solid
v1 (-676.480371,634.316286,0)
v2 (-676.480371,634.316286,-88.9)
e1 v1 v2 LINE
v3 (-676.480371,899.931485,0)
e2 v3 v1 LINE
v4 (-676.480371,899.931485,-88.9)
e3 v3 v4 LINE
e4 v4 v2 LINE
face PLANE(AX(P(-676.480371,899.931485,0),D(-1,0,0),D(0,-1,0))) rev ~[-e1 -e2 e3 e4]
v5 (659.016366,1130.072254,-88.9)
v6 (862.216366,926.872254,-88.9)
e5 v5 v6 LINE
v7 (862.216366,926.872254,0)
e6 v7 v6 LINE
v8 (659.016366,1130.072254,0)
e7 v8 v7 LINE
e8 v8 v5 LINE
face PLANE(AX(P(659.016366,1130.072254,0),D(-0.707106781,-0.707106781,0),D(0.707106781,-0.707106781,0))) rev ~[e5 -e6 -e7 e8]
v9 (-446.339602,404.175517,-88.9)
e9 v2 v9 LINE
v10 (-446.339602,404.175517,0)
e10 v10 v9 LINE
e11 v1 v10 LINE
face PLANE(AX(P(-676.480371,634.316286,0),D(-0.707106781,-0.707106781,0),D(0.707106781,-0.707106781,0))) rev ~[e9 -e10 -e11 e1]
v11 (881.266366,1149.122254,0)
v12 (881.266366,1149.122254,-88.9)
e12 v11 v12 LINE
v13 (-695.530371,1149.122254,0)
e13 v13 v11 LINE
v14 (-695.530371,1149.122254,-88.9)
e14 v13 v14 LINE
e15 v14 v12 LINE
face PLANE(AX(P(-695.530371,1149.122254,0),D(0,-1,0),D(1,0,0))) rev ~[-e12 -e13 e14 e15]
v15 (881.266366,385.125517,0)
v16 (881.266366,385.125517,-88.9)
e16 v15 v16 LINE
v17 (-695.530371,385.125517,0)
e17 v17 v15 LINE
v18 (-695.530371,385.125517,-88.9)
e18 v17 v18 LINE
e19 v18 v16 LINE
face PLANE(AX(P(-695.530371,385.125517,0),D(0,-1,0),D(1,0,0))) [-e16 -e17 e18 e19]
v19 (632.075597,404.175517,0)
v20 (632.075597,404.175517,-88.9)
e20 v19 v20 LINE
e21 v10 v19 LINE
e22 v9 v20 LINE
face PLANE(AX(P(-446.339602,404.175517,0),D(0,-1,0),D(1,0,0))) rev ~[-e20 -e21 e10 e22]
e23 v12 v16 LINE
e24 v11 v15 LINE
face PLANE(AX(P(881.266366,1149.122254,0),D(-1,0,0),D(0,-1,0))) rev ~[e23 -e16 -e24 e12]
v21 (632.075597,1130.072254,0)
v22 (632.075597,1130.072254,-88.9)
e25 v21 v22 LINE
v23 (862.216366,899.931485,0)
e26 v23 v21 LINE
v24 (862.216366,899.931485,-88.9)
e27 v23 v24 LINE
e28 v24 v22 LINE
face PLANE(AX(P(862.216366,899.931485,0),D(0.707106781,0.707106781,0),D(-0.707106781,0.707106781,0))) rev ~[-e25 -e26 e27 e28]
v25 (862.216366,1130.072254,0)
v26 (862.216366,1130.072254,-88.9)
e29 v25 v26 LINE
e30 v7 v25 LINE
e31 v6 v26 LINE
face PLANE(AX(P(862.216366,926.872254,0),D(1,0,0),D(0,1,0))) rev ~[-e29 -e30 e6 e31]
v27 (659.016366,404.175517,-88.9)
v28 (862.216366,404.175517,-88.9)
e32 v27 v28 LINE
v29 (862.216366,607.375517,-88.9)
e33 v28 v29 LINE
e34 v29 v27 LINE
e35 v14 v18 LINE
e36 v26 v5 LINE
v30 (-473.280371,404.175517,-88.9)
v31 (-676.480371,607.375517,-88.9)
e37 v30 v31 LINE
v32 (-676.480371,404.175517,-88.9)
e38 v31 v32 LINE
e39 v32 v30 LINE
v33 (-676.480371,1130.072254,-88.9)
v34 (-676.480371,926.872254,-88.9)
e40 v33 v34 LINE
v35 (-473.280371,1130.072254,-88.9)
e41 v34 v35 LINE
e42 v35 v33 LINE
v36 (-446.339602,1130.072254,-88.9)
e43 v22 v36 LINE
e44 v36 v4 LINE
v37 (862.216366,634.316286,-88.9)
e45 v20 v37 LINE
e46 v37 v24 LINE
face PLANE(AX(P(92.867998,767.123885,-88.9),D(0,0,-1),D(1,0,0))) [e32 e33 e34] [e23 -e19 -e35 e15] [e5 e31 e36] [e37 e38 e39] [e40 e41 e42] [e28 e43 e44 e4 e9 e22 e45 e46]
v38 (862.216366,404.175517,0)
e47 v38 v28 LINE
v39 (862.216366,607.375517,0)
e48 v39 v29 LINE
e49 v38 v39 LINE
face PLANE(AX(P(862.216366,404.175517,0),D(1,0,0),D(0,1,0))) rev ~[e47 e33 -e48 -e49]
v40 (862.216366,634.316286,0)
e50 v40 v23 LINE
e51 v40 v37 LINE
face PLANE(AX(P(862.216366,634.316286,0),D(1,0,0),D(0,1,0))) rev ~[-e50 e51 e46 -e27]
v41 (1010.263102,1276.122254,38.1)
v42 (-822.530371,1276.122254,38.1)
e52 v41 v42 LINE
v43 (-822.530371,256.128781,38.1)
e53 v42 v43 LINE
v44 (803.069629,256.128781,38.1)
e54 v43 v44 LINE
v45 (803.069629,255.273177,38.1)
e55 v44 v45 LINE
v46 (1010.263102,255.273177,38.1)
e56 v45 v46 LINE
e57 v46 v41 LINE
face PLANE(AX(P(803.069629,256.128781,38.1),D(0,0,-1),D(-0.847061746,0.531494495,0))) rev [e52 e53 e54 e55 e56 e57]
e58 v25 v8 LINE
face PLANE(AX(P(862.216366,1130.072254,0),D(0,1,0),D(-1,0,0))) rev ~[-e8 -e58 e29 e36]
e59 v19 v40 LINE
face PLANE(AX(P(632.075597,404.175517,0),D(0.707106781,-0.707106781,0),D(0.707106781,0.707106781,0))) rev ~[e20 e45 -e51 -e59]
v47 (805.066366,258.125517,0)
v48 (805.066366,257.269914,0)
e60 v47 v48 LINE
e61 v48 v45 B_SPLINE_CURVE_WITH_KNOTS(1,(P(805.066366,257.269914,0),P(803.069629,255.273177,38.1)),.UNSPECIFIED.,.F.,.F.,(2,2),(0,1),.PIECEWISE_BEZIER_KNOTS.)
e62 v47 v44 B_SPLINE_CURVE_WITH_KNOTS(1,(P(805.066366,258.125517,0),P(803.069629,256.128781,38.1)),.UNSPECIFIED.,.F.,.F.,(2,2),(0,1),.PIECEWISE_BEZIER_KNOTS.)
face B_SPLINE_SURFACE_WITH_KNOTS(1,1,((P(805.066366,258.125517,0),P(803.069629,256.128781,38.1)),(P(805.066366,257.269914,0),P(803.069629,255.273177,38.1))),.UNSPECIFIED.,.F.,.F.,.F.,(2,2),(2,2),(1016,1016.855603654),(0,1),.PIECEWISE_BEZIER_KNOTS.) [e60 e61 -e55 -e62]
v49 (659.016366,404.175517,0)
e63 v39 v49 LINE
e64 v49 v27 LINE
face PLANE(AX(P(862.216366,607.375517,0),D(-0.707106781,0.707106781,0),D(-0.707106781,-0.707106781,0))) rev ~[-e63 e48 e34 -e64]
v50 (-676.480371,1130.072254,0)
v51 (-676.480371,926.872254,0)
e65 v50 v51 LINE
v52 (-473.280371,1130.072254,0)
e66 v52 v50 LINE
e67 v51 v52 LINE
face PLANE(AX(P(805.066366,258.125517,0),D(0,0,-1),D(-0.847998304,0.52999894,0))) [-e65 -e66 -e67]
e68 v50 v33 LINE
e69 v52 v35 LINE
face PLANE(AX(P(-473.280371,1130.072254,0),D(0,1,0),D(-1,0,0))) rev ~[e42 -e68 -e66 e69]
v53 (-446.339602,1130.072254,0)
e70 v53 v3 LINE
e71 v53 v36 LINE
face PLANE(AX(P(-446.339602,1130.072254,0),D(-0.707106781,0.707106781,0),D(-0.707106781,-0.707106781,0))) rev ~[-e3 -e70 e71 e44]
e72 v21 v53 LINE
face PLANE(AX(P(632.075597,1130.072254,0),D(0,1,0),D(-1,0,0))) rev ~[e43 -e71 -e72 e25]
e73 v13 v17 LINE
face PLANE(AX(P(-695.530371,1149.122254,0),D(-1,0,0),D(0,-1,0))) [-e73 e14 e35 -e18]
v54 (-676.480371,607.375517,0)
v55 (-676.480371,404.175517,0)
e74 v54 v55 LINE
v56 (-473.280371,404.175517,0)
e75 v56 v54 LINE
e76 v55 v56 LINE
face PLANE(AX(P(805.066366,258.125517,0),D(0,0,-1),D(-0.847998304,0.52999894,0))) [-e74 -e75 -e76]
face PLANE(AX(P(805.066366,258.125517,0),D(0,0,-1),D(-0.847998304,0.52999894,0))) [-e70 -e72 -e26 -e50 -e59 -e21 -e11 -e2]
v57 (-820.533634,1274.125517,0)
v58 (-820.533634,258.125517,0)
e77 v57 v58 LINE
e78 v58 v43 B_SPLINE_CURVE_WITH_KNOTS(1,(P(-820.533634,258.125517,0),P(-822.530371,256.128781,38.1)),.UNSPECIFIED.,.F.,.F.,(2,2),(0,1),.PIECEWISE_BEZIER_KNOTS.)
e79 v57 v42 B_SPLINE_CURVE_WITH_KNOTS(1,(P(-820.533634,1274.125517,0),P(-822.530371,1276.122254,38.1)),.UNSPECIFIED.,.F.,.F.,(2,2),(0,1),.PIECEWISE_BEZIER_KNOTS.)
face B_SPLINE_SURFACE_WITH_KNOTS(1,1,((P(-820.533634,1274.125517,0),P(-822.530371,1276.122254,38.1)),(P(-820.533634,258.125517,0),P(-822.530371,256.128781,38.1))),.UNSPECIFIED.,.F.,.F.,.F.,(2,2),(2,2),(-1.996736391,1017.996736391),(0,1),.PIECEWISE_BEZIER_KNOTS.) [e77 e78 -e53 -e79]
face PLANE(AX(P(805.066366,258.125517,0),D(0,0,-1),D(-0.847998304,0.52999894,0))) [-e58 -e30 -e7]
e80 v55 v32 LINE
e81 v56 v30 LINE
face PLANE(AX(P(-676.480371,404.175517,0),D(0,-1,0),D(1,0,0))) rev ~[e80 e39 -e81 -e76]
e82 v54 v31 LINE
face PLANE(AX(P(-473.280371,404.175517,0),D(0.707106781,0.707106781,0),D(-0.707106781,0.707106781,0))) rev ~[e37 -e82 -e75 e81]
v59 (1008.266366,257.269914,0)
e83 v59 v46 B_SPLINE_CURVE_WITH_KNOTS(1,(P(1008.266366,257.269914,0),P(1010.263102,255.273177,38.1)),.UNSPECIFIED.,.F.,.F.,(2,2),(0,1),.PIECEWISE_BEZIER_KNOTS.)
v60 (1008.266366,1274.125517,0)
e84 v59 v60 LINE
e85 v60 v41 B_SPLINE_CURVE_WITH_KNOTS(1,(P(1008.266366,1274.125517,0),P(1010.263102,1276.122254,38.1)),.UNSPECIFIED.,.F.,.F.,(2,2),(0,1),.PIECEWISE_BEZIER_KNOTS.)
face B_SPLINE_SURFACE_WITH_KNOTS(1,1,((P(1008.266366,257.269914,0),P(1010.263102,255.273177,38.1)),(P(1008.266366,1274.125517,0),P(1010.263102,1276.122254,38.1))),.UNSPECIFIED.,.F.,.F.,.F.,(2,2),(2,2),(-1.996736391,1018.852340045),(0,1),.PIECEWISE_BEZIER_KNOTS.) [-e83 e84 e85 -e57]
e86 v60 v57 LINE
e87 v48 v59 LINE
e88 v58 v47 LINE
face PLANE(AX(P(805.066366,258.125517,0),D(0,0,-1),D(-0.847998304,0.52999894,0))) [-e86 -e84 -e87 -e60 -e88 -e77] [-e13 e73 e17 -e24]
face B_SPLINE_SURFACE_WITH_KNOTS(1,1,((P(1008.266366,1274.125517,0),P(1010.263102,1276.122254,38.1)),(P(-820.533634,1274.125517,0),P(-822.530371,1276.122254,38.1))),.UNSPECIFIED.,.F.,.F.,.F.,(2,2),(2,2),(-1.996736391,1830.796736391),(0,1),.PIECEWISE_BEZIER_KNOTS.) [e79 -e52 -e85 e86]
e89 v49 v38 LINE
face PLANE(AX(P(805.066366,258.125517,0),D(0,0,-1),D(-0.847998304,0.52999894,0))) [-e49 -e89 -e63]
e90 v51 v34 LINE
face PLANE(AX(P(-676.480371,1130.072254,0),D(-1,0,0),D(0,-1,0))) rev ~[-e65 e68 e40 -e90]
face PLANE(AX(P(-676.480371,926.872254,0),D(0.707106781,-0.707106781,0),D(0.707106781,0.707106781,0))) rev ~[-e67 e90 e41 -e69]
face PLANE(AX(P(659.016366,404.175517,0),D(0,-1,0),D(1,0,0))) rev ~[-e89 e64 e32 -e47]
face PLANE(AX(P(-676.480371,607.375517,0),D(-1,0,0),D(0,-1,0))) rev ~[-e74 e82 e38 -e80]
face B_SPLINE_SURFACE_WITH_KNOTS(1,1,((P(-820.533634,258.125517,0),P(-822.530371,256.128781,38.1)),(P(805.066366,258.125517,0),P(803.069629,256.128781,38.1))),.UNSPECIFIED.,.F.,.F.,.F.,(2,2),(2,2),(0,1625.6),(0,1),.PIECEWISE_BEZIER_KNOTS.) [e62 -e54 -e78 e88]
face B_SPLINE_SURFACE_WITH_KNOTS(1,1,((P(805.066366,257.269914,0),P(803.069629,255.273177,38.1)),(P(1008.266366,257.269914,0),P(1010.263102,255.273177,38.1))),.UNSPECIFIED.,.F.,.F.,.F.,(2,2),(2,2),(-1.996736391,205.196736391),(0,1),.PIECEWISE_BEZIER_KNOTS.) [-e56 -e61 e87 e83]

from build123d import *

# Parameters (mm, degrees)
F0_W     = 1422.4
F0_H     = 203.2
F1_DEPTH = 38.1
F1_TAPER = -3
F2_W     = 1576.7967363907
F2_H     = 763.9967363907
F3_DEPTH = 88.9


with BuildPart() as f1:
    # F0 (on Top) → F1 (new body)
    with BuildSketch(Plane.XY):
        Polygon((805.0663658119, 1274.1255172766), (805.0663658119, 1070.9255172766), (805.0663658119, 867.7255172766), (805.0663658119, 664.5255172766), (805.0663658119, 461.3255172766), (805.0663658119, 258.1255172766), (805.0663658119, 257.2699136225), (1008.2663658119, 257.2699136225), (1008.2663658119, 1274.1255172766), align=None)
        with Locations((93.8663658119, 1172.5255172766)):
            Rectangle(F0_W, F0_H)
        with Locations((93.8663658119, 359.7255172766)):
            Rectangle(F0_W, F0_H)
        Polygon((-617.3336341881, 867.7255172766), (-617.3336341881, 1070.9255172766), (-617.3336341881, 1274.1255172766), (-820.5336341881, 1274.1255172766), (-820.5336341881, 258.1255172766), (-617.3336341881, 258.1255172766), (-617.3336341881, 461.3255172766), (-617.3336341881, 664.5255172766), align=None)
        with Locations((93.8663658119, 969.3255172766)):
            Rectangle(F0_W, F0_H)
        with Locations((93.8663658119, 766.1255172766)):
            Rectangle(F0_W, F0_H)
        with Locations((93.8663658119, 562.9255172766)):
            Rectangle(F0_W, F0_H)
    extrude(amount=F1_DEPTH, taper=F1_TAPER)

    # F2 (on face) → F3 (join)
    with BuildSketch(Plane(origin=(0, 0, 0), x_dir=(1, 0, 0), z_dir=(0, 0, -1))):
        with Locations((92.8679976166, -767.1238854719)):
            Rectangle(F2_W, F2_H)
        Polygon((-676.4803705788, -505.7755172766), (-676.4803705788, -404.1755172766), (-574.8803705788, -404.1755172766), (-473.2803705788, -404.1755172766), (-446.3396022156, -404.1755172766), (632.0755974487, -404.1755172766), (659.0163658119, -404.1755172766), (862.2163658119, -404.1755172766), (862.2163658119, -607.3755172766), (862.2163658119, -634.3162856398), (862.2163658119, -899.931485304), (862.2163658119, -926.8722536672), (862.2163658119, -1130.0722536672), (659.0163658119, -1130.0722536672), (632.0755974487, -1130.0722536672), (-446.3396022156, -1130.0722536672), (-473.2803705788, -1130.0722536672), (-676.4803705788, -1130.0722536672), (-676.4803705788, -926.8722536672), (-676.4803705788, -899.931485304), (-676.4803705788, -634.3162856398), (-676.4803705788, -607.3755172766), align=None, mode=Mode.SUBTRACT)
        Polygon((-446.3396022156, -404.1755172766), (-473.2803705788, -404.1755172766), (-574.8803705788, -505.7755172766), (-676.4803705788, -607.3755172766), (-676.4803705788, -634.3162856398), align=None)
        Polygon((-446.3396022156, -1130.0722536672), (-676.4803705788, -899.931485304), (-676.4803705788, -926.8722536672), (-473.2803705788, -1130.0722536672), align=None)
        Polygon((862.2163658119, -926.8722536672), (862.2163658119, -899.931485304), (632.0755974487, -1130.0722536672), (659.0163658119, -1130.0722536672), align=None)
        Polygon((659.0163658119, -404.1755172766), (632.0755974487, -404.1755172766), (862.2163658119, -634.3162856398), (862.2163658119, -607.3755172766), align=None)
    extrude(amount=F3_DEPTH)


solid = f1.part
